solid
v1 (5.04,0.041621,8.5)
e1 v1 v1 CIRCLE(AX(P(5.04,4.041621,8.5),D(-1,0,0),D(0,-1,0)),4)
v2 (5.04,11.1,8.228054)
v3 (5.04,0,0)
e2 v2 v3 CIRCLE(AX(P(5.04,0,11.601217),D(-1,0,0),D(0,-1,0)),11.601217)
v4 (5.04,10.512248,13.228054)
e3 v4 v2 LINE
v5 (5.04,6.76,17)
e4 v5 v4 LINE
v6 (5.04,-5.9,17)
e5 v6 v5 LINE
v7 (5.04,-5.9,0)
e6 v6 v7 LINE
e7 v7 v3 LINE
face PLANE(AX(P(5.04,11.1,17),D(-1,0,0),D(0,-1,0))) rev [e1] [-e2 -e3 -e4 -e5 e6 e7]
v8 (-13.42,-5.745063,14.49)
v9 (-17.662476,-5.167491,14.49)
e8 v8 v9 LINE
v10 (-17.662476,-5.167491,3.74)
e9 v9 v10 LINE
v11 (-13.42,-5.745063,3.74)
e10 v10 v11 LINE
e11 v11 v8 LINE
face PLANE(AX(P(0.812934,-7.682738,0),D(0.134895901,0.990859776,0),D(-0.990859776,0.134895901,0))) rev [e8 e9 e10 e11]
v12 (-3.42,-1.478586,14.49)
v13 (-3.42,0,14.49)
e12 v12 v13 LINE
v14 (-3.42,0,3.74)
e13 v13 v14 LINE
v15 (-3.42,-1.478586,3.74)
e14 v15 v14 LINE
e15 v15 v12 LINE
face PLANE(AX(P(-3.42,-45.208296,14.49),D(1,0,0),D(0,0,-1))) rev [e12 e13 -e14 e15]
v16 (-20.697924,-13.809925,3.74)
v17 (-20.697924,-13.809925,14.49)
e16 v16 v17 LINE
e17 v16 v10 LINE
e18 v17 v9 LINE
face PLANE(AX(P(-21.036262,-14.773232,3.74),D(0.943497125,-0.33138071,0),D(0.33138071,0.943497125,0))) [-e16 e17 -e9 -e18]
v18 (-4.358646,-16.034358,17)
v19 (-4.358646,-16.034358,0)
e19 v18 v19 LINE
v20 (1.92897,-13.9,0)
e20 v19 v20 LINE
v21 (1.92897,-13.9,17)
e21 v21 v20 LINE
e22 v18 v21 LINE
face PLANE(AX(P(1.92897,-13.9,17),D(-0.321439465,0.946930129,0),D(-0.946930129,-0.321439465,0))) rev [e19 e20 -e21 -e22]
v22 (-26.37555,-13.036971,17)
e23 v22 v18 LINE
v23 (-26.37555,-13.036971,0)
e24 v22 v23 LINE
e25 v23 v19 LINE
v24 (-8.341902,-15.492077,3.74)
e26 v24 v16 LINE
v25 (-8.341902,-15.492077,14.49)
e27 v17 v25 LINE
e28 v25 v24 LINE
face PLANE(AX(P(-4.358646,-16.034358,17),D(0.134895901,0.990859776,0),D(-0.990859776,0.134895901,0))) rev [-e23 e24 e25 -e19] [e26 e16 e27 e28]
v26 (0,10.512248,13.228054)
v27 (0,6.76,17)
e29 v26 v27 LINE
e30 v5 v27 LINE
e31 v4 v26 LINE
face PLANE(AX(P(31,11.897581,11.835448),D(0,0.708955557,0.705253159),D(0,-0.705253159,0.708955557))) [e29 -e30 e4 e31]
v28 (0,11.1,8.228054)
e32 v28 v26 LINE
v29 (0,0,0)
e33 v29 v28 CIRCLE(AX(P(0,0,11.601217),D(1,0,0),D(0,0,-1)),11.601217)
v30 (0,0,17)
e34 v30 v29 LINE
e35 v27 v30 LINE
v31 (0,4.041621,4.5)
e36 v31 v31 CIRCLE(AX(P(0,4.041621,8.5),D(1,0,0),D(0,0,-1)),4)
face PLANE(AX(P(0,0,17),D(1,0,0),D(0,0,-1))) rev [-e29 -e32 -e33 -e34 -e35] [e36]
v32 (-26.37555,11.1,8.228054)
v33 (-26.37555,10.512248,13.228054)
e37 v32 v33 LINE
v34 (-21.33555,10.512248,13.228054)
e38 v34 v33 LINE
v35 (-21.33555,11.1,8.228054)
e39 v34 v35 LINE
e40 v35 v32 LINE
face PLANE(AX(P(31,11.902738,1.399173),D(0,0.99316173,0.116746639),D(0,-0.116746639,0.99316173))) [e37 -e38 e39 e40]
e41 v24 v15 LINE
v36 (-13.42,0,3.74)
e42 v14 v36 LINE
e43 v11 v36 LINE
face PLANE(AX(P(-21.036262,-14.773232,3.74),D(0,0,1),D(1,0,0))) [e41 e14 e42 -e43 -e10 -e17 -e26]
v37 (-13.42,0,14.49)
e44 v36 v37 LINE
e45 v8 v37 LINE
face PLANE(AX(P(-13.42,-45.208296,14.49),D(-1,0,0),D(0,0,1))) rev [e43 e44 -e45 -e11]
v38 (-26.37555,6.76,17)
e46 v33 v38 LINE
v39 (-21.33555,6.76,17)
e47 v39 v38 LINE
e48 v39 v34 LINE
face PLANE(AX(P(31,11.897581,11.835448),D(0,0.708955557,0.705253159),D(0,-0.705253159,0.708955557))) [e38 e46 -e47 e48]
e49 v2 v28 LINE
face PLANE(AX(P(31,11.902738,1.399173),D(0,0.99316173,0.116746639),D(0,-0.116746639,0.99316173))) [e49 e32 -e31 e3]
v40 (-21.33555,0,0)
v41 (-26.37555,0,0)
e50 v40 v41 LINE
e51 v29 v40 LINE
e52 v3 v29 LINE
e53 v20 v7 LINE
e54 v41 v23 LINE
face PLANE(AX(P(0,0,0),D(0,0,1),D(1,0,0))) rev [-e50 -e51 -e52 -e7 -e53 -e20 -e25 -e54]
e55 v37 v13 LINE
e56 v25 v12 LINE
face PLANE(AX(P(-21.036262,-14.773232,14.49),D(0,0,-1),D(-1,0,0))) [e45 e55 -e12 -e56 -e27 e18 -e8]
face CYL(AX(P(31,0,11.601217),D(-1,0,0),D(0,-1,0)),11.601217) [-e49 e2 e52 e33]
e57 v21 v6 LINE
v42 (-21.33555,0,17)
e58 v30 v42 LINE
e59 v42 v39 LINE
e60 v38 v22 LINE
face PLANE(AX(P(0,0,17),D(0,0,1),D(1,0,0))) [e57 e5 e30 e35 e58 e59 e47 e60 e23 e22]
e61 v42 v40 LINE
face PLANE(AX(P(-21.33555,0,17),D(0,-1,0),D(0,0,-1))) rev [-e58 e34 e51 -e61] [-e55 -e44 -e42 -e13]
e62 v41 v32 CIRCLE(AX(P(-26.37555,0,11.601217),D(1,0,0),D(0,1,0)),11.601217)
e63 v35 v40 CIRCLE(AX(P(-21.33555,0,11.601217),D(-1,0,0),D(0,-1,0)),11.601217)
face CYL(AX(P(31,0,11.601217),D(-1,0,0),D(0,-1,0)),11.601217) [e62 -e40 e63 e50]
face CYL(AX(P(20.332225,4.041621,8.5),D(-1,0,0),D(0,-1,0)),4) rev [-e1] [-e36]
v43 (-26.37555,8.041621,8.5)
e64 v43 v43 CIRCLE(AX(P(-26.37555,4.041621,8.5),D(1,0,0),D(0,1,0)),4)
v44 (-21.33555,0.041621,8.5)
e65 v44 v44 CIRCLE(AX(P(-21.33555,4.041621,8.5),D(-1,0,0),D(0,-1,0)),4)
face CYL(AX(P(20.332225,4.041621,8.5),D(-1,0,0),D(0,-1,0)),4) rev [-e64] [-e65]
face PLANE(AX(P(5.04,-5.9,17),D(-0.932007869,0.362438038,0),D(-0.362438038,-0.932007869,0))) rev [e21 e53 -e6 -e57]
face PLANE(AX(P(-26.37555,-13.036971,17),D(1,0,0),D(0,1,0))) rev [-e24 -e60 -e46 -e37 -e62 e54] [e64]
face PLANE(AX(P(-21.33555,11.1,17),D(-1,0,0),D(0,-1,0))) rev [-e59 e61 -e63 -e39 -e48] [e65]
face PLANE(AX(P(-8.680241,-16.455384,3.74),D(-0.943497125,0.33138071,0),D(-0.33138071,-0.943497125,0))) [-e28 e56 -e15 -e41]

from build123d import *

# Parameters (mm, degrees)
BOSS_EXTRUDE1_DEPTH = 17
CUT_EXTRUDE1_DEPTH  = 31
SKETCH3_W           = 12.47
SKETCH3_H           = 10.75
CUT_EXTRUDE2_REACH  = 37.239
SKETCH6_W           = 10
SKETCH6_H           = 10.75
SKETCH7_R           = 4
CUT_EXTRUDE3_DEPTH  = 31


with BuildPart() as part:
    # Sketch1 → Boss-Extrude1 (new body)
    with BuildSketch(Plane.XY):
        Polygon((0, 0), (0, 11.1), (5.04, 11.1), (5.04, -5.9), (1.928970145, -13.9), (-4.358645915, -16.03435805), (-26.37555014, -13.036971131), (-26.37555014, 11.1), (-21.33555014, 11.1), (-21.33555014, 0), align=None)
    extrude(amount=BOSS_EXTRUDE1_DEPTH)

    # Sketch2 → Cut-Extrude1 (cut, symmetric)
    with BuildSketch(Plane.ZY):
        Polygon((8.228054067, 11.1), (17, 11.1), (17, 12.88110255), (0, 12.88110255), (0, 11.1), align=None)
        with BuildLine():
            ThreePointArc((0, 0), (2.28131811, 6.908525055), (8.228054067, 11.1))
            Line((8.228054067, 11.1), (0, 11.1))
            Line((0, 11.1), (0, 0))
        make_face()
        Polygon((13.228054067, 10.512247596), (17, 6.76), (17, 11.1), (8.228054067, 11.1), align=None)
    extrude(amount=CUT_EXTRUDE1_DEPTH, both=True, mode=Mode.SUBTRACT)

    # Cut-Sweep1: sweep along a path in Sketch5
    with BuildLine(Plane.XY.offset(7)) as cut_sweep1_path:
        Line((-9.535960256, -15.329517164), (-6.500512954, -6.687083497))
    # Sketch3 → Cut-Sweep1 (sweep, cut)
    with BuildSketch(Plane(origin=(-2.222513014, -16.325171724, 0), x_dir=(-0.990859776111597, 0.13489590091650622, 0), z_dir=(-0.13489590091650622, -0.990859776111597, 0))):
        with Locations((12.41083774, -9.115)):
            Rectangle(SKETCH3_W, SKETCH3_H)
    sweep(path=cut_sweep1_path.line, mode=Mode.SUBTRACT)

    # Cut-Extrude2: up to this plane
    cut_extrude2_end = Plane(origin=(-8.680240671, -16.455383538, 3.74), z_dir=(-0.943497125175066, 0.33138070973788714, 0))
    # Sketch6 → Cut-Extrude2 (cut, up to the surface)
    with BuildSketch(Plane(origin=(0, 0, 0), x_dir=(1, 0, 0), z_dir=(0, 1, 0)), mode=Mode.PRIVATE) as cut_extrude2_sk1:
        with Locations((-8.42, -9.115)):
            Rectangle(SKETCH6_W, SKETCH6_H)
    cut_extrude2_tool1 = split(extrude(cut_extrude2_sk1.sketch, amount=-CUT_EXTRUDE2_REACH, mode=Mode.PRIVATE), bisect_by=cut_extrude2_end, keep=Keep.BOTH, mode=Mode.PRIVATE)
    add(cut_extrude2_tool1.solids().sort_by_distance((-8.42, 0, 9.115))[0], mode=Mode.SUBTRACT)

    # Sketch7 → Cut-Extrude3 (cut, symmetric)
    with BuildSketch(Plane.ZY.offset(10.66777507)):
        with Locations(Location((8.5, 4.041620851, 0), (0, 0, 270))):
            Circle(SKETCH7_R)
    extrude(amount=CUT_EXTRUDE3_DEPTH, both=True, mode=Mode.SUBTRACT)


solid = part.part
